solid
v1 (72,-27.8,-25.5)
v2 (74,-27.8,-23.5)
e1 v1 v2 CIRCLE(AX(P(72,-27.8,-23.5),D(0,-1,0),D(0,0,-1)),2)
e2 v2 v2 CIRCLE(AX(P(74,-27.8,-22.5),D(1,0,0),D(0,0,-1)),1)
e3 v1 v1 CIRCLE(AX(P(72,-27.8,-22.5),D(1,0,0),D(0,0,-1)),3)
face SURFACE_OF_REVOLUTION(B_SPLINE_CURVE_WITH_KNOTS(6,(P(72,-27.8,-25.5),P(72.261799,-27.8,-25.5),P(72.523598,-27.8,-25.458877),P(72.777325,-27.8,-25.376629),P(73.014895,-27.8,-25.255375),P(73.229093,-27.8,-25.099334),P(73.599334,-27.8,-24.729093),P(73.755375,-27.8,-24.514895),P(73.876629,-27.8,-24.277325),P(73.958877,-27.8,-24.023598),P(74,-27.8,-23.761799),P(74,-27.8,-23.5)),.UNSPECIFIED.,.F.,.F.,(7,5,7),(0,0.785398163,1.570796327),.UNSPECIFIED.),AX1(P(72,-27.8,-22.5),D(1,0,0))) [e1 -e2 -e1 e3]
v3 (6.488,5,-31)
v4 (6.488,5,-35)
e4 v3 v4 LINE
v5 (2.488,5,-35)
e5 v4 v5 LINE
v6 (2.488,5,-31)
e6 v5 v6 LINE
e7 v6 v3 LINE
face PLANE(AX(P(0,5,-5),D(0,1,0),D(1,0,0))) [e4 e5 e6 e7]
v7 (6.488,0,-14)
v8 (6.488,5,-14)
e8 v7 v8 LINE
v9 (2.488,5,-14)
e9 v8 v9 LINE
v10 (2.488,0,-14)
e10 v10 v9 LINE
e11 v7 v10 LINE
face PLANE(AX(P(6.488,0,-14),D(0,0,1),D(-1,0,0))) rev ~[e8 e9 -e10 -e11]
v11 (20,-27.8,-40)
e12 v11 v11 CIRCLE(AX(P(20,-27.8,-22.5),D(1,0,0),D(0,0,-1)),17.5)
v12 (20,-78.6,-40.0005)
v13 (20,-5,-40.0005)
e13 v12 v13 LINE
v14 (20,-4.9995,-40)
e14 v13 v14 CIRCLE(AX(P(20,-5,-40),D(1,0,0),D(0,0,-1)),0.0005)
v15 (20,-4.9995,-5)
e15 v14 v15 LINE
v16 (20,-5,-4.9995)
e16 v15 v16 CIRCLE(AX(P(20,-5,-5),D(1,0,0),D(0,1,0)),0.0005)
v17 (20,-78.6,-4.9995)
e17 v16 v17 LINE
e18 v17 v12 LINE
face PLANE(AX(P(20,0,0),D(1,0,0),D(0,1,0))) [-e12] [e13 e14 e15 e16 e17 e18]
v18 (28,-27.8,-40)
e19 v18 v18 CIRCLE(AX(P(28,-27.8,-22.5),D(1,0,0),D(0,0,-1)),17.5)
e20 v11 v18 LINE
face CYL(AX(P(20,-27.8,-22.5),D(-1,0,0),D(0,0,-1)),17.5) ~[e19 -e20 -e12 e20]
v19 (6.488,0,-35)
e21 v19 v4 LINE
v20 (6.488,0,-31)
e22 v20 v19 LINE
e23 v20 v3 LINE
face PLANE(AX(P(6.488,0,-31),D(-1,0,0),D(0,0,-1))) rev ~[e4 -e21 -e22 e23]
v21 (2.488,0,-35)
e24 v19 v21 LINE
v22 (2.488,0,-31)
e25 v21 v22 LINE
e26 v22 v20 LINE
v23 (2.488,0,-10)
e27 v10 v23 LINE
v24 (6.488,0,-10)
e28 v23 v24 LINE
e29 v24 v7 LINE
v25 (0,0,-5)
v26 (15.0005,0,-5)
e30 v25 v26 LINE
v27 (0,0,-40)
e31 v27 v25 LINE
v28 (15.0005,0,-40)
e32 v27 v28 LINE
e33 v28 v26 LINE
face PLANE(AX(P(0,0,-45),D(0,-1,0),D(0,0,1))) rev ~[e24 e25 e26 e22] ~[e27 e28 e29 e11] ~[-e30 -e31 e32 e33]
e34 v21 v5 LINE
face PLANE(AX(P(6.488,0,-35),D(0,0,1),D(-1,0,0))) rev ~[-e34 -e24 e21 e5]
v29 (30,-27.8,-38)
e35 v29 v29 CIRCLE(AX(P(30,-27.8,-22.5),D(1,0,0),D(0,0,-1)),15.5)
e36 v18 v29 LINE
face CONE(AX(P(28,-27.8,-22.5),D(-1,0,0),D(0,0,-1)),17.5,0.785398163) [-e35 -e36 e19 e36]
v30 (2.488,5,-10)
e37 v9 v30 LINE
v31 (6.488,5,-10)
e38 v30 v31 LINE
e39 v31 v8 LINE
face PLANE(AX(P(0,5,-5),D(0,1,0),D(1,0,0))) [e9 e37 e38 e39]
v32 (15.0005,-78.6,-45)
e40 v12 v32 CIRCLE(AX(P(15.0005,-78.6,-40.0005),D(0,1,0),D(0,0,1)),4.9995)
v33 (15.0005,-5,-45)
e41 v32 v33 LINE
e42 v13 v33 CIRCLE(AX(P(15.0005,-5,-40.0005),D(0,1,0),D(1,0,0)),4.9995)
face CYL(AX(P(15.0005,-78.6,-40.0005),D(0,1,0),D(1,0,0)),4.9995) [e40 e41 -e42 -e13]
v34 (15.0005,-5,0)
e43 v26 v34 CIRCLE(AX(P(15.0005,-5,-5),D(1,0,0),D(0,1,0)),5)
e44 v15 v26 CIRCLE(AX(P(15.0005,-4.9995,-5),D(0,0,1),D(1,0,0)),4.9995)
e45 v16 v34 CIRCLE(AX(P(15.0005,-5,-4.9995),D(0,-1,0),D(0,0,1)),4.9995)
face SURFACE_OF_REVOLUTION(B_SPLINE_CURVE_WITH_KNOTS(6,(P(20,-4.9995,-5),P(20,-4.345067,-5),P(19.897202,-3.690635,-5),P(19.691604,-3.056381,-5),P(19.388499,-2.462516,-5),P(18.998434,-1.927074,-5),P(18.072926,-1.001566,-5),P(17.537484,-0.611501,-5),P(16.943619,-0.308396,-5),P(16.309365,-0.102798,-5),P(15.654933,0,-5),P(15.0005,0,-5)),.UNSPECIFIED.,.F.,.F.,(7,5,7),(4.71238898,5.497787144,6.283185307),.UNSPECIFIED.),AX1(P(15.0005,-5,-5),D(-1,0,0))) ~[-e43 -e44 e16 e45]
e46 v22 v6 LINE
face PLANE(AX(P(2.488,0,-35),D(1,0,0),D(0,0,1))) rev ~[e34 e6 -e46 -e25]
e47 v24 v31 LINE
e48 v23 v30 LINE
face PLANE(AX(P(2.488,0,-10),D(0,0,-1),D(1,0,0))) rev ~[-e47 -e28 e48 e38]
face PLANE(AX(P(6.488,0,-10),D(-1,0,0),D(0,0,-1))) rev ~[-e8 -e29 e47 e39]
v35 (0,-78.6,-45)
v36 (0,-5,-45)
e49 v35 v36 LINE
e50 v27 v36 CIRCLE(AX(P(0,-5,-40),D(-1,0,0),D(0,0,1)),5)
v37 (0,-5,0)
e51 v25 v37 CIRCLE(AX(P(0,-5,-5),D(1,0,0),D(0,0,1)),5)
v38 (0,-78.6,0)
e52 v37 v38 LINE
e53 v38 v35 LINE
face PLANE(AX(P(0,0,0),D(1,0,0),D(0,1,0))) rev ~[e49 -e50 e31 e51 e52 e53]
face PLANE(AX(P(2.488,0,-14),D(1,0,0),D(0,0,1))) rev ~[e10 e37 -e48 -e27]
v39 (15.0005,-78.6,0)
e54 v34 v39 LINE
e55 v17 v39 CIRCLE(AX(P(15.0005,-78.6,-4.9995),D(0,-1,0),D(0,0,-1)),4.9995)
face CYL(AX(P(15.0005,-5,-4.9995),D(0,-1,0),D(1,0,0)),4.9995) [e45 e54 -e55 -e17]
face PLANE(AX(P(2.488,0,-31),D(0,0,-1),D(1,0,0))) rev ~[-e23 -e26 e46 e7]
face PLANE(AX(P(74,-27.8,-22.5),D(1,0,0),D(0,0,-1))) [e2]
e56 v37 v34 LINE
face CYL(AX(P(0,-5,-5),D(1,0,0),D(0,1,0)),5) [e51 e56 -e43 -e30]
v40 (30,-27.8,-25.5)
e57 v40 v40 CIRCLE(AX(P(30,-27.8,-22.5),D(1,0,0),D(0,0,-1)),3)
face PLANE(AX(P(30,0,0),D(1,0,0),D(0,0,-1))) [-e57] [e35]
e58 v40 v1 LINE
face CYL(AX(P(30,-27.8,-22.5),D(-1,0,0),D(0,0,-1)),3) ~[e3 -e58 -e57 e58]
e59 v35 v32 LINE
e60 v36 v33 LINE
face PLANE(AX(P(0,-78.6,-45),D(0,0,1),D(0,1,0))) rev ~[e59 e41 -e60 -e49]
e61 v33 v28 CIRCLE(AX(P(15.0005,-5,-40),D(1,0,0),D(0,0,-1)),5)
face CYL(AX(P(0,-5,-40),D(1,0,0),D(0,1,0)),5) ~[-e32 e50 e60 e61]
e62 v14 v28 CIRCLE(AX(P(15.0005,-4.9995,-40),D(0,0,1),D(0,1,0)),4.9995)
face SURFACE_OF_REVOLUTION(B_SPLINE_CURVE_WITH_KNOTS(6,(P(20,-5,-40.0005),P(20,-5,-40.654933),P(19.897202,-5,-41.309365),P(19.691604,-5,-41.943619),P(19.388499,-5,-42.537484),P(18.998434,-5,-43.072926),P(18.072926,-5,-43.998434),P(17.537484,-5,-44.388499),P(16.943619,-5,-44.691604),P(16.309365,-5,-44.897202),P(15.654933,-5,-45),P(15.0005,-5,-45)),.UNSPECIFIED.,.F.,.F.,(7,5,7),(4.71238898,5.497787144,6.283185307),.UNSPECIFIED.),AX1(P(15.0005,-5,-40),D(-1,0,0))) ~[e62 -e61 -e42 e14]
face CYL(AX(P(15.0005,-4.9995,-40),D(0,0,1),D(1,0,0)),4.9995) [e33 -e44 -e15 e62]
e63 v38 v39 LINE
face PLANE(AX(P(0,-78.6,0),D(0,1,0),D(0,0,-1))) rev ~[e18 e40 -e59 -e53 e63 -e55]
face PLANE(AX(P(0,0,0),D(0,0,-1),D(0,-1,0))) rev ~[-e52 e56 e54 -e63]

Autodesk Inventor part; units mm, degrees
ref_plane "YZ Plane" through (0, 0, 0) normal (1, 0, 0) x (0, 1, 0)
ref_plane "XZ Plane" through (0, 0, 0) normal (0, 1, 0) x (-1, 0, 0)
ref_plane "XY Plane" through (0, 0, 0) normal (0, 0, 1) x (1, 0, 0)
sketch "Sketch1" plane through (0, 0, 0) normal (1, 0, 0) x (0, 1, 0)
  line L0 (0, 0) -> (-78.6, 0)
  line L1 (-78.6, 0) -> (-78.6, -45)
  line L2 (-78.6, -45) -> (0, -45)
  line L3 (0, -45) -> (0, 0)
  dimension "d0" = 78.6
  dimension "d1" = 45
extrude "Extrusion1" add sketch "Sketch1" along normal blind 20
sketch "Sketch2" plane through (20, 0, 0) normal (1, 0, 0) x (0, 0, -1)
  circle A0 centre (22.5, -27.8) radius 17.5
  line L0 (45, -78.6) -> (45, 0) projected
  line L1 (0, -78.6) -> (45, -78.6) projected
  point P0 (0, 0)
  dimension "d4" = 35
  dimension "d5" = 22.5
  dimension "d6" = 50.8
extrude "Extrusion2" add sketch "Sketch2" along normal blind 10
sketch "Sketch3" plane through (30, -27.8, -22.5) normal (1, 0, 0) x (0, 0, -1)
  circle A0 centre (0, 0) radius 3
  point P0 (-22.5, 27.8)
  dimension "d9" = 6
extrude "Extrusion3" add sketch "Sketch3" along normal blind 44
fillet "Fillet1" radius 5 2 edges at (10, 0, 0) (10, 0, -45)
sketch "Sketch4" plane through (0, 0, -5) normal (0, 1, 0) x (1, 0, 0)
  line L0 (6.488, 30) -> (2.488, 30)
  line L1 (2.488, 30) -> (2.488, 26)
  line L2 (2.488, 26) -> (6.488, 26)
  line L3 (6.488, 26) -> (6.488, 30)
  line L4 (6.488, 9) -> (2.488, 9)
  line L5 (2.488, 9) -> (2.488, 5)
  line L6 (2.488, 5) -> (6.488, 5)
  line L7 (6.488, 5) -> (6.488, 9)
  line L8 (0, 35) -> (20, 35) projected
  line L9 (20, 0) -> (0, 0) projected
  point P0 (0, -5)
  dimension "d13" = 4
  dimension "d14" = 4
  dimension "d15" = 4
  dimension "d16" = 4
  dimension "d17" = 5
  dimension "d18" = 9
extrude "Extrusion4" add sketch "Sketch4" along normal blind 5
chamfer "Chamfer1" distance 2 angle 45 1 edges at (30, -27.8, -5)
fillet "Fillet2" radius 5 5 edges at (20, -1.4645, -1.4645) (20, -41.8, 0) (20, -1.4645, -43.5355) (20, -41.8, -45) (20, 0, -22.5)
fillet "Fillet3" radius 2 1 edges at (74, -27.8, -19.5)
sketch "Sketch5" plane through (30, -27.8, -22.5) normal (1, 0, 0) x (0, 0, -1)
  point P0 (-22.5, 27.8)
properties part number "dc"
